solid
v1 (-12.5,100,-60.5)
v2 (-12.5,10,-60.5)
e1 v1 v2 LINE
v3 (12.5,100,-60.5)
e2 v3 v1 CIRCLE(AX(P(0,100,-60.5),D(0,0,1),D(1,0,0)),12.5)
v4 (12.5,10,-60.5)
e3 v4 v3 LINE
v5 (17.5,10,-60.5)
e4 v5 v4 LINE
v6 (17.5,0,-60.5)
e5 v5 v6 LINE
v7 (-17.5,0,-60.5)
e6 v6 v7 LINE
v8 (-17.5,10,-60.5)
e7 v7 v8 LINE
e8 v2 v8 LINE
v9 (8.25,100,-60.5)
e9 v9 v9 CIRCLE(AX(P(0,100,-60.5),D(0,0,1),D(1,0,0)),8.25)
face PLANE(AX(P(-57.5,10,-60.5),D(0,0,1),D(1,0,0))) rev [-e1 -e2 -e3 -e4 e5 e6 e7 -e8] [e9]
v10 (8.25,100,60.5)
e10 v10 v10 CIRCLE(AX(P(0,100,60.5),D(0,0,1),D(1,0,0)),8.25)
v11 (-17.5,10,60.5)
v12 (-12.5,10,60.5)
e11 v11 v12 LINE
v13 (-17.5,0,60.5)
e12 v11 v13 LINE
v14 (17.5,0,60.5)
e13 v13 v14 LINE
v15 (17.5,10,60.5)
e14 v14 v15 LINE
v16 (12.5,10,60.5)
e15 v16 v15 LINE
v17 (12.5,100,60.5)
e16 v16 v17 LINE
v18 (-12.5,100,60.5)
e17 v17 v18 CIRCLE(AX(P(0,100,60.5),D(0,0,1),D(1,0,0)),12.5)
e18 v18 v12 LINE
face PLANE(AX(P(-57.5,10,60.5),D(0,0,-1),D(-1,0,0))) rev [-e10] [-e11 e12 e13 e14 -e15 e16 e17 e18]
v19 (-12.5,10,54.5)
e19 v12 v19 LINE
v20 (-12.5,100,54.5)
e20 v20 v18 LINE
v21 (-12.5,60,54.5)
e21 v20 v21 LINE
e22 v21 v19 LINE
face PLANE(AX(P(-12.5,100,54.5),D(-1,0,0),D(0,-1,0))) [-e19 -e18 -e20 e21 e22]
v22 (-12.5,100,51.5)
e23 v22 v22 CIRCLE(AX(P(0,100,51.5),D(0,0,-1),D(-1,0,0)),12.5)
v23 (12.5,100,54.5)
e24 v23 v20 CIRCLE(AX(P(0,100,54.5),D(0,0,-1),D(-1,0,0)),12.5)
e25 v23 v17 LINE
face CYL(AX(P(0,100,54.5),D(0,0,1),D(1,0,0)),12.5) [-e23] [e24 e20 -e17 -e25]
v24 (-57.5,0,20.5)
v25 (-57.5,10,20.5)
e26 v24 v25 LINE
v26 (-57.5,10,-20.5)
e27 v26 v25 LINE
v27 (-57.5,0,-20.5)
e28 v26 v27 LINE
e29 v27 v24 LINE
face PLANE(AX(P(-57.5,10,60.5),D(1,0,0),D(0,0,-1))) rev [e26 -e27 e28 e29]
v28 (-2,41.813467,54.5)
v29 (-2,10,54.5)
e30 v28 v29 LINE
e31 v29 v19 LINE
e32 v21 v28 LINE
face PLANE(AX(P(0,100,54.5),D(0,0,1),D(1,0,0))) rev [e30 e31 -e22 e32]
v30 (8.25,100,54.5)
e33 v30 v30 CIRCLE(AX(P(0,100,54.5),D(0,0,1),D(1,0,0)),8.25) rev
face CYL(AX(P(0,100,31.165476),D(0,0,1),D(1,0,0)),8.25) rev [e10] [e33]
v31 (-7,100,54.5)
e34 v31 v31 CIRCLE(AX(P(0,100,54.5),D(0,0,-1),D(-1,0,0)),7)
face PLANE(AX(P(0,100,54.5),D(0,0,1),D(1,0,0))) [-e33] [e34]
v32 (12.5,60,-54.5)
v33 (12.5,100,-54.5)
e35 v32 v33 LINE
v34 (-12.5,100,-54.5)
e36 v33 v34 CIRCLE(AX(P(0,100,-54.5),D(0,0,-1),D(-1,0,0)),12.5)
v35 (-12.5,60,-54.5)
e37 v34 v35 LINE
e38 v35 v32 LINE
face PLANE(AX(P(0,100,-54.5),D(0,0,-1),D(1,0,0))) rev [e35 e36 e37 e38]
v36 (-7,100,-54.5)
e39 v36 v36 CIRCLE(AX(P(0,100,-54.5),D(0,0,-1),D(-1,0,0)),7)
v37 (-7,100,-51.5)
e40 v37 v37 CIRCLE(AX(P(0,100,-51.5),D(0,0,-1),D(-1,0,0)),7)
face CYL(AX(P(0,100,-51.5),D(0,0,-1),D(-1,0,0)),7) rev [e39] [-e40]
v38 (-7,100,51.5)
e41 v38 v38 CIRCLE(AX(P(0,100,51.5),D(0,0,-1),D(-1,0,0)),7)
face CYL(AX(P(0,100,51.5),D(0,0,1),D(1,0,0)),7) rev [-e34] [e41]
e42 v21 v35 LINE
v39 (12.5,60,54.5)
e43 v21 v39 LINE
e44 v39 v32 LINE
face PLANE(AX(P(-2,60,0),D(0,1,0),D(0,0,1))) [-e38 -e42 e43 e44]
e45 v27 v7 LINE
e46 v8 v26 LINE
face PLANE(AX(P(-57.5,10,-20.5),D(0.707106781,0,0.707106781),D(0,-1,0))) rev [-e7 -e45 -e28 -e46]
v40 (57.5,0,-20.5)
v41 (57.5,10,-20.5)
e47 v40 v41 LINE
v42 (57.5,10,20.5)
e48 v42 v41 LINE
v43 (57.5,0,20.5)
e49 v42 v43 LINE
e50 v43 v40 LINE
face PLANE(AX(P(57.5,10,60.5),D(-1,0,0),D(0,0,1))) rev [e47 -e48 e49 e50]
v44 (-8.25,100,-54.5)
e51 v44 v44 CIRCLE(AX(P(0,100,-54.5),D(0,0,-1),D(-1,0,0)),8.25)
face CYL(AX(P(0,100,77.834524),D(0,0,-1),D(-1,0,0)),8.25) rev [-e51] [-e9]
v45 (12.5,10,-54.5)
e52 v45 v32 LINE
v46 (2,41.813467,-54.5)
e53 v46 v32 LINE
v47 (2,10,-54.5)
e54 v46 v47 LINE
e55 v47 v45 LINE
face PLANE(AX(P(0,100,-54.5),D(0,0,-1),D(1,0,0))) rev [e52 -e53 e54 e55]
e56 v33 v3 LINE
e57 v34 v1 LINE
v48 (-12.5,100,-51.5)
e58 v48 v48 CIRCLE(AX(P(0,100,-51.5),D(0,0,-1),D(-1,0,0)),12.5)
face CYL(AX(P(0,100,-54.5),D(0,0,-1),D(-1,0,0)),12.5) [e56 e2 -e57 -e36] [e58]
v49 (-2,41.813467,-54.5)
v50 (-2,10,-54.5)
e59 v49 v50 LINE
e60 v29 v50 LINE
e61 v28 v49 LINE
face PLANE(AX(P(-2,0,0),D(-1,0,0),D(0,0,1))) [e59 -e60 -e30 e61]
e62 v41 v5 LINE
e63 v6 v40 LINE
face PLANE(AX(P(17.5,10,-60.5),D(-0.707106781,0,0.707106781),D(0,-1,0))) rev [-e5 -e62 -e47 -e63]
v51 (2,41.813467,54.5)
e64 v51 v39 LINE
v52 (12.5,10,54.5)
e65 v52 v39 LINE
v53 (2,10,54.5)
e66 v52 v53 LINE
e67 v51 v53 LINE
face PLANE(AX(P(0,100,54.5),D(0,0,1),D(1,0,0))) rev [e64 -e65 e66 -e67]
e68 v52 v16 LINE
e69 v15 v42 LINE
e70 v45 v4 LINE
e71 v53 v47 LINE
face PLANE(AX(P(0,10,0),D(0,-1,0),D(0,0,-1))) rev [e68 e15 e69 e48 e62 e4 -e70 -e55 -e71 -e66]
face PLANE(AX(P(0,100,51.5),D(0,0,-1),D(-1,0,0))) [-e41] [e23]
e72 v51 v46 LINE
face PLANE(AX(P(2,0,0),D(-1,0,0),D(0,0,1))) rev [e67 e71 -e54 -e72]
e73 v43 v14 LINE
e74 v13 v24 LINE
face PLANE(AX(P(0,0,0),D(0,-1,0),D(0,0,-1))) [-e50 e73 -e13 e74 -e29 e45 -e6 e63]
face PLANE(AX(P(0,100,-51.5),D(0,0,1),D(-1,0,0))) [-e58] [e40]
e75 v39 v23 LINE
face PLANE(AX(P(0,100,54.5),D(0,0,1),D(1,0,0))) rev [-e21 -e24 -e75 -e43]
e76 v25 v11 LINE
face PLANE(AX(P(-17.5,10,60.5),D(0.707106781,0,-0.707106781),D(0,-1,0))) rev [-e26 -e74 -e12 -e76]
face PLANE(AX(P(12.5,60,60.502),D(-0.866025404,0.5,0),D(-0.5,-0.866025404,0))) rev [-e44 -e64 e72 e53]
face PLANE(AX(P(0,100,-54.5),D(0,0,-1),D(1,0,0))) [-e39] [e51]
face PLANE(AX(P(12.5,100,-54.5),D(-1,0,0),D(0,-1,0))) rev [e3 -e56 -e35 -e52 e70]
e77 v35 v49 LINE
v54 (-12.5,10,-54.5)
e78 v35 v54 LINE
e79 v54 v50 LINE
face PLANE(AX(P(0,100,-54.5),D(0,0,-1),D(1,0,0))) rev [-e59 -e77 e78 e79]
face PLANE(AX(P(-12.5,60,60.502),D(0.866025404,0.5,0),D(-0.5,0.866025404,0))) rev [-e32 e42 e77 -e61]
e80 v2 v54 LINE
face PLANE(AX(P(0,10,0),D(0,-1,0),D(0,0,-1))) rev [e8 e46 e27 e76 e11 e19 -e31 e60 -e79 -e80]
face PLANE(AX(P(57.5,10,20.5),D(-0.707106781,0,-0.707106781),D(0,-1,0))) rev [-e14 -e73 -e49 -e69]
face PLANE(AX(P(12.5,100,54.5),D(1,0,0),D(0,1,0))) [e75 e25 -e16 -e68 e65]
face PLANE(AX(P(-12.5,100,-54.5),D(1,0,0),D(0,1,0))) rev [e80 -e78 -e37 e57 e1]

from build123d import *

# Parameters (mm, degrees)
SKETCH1_W           = 115
SKETCH1_H           = 121
BOSS_EXTRUDE1_DEPTH = 10
BOSS_EXTRUDE2_DEPTH = 6
SKETCH3_R           = 12.5
SKETCH3_R_2         = 7
BOSS_EXTRUDE3_DEPTH = 3
SKETCH4_R           = 8.25
CUT_EXTRUDE1_DEPTH  = 6
SKETCH6_W           = 54.5
SKETCH6_H           = 50
BOSS_EXTRUDE5_DEPTH = 2
BOSS_EXTRUDE6_REACH = 117
CHAMFER1_SIZE       = 40


with BuildPart() as part:
    # Sketch1 → Boss-Extrude1 (new body)
    with BuildSketch(Plane(origin=(0, 0, 0), x_dir=(1, 0, 0), z_dir=(0, 1, 0))):
        Rectangle(SKETCH1_W, SKETCH1_H)
    extrude(amount=BOSS_EXTRUDE1_DEPTH)

    # Sketch2 → Boss-Extrude2 (add)
    with BuildSketch(Plane.XY.offset(60.5)):
        with BuildLine():
            Line((-12.5, 100), (-12.5, 0))
            Line((-12.5, 0), (12.5, 0))
            Line((12.5, 0), (12.5, 100))
            ThreePointArc((12.5, 100), (0, 112.5), (-12.5, 100))
        make_face()
    boss_extrude2 = extrude(amount=-BOSS_EXTRUDE2_DEPTH)

    # Sketch3 → Boss-Extrude3 (add)
    with BuildSketch(Plane(origin=(0, 0, 54.5), x_dir=(-1, 0, 0), z_dir=(0, 0, -1))):
        with Locations((0, 100)):
            Circle(SKETCH3_R)
        with Locations((0, 100)):
            Circle(SKETCH3_R_2, mode=Mode.SUBTRACT)
    boss_extrude3 = extrude(amount=BOSS_EXTRUDE3_DEPTH)

    # Sketch4 → Cut-Extrude1 (cut)
    with BuildSketch(Plane.XY.offset(60.5)):
        with Locations((0, 100)):
            Circle(SKETCH4_R)
    cut_extrude1 = extrude(amount=-CUT_EXTRUDE1_DEPTH, mode=Mode.SUBTRACT)

    # Sketch6 → Boss-Extrude5 (add, symmetric)
    with BuildSketch(Plane(origin=(0, 0, 0), x_dir=(0, 0, -1), z_dir=(1, 0, 0))):
        with Locations((-27.25, 35)):
            Rectangle(SKETCH6_W, SKETCH6_H)
    boss_extrude5 = extrude(amount=BOSS_EXTRUDE5_DEPTH, both=True)

    # Mirror1: Boss-Extrude2, Boss-Extrude3, Cut-Extrude1, Boss-Extrude5 across plane
    add(boss_extrude2.mirror(Plane.XY))
    add(boss_extrude3.mirror(Plane.XY))
    add(cut_extrude1.mirror(Plane.XY), mode=Mode.SUBTRACT)
    add(boss_extrude5.mirror(Plane.XY))

    # Sketch7 → Boss-Extrude6 (add, up to next)
    with BuildSketch(Plane.XY.offset(-54.5), mode=Mode.PRIVATE) as boss_extrude6_sk1:
        Polygon((2, 60), (12.5, 60), (2, 41.813466521), align=None)
    boss_extrude6_tool1 = extrude(boss_extrude6_sk1.sketch, amount=BOSS_EXTRUDE6_REACH, mode=Mode.PRIVATE) - part.part
    add(boss_extrude6_tool1.solids().sort_by_distance((5.5, 53.937822, -54.5))[0])
    # Sketch7 → Boss-Extrude6 (add, up to next)
    with BuildSketch(Plane.XY.offset(-54.5), mode=Mode.PRIVATE) as boss_extrude6_sk2:
        Polygon((-2, 60), (-12.5, 60), (-2, 41.813466521), align=None)
    boss_extrude6_tool2 = extrude(boss_extrude6_sk2.sketch, amount=BOSS_EXTRUDE6_REACH, mode=Mode.PRIVATE) - part.part
    add(boss_extrude6_tool2.solids().sort_by_distance((-5.5, 53.937822, -54.5))[0])

    # Chamfer1
    chamfer1_edges = [part.edges().sort_by_distance(p)[0] for p in [
        (57.5, 5, 60.5),
        (-57.5, 5, 60.5),
        (-57.5, 5, -60.5),
        (57.5, 5, -60.5),
    ]]
    chamfer(chamfer1_edges, length=CHAMFER1_SIZE)


solid = part.part
